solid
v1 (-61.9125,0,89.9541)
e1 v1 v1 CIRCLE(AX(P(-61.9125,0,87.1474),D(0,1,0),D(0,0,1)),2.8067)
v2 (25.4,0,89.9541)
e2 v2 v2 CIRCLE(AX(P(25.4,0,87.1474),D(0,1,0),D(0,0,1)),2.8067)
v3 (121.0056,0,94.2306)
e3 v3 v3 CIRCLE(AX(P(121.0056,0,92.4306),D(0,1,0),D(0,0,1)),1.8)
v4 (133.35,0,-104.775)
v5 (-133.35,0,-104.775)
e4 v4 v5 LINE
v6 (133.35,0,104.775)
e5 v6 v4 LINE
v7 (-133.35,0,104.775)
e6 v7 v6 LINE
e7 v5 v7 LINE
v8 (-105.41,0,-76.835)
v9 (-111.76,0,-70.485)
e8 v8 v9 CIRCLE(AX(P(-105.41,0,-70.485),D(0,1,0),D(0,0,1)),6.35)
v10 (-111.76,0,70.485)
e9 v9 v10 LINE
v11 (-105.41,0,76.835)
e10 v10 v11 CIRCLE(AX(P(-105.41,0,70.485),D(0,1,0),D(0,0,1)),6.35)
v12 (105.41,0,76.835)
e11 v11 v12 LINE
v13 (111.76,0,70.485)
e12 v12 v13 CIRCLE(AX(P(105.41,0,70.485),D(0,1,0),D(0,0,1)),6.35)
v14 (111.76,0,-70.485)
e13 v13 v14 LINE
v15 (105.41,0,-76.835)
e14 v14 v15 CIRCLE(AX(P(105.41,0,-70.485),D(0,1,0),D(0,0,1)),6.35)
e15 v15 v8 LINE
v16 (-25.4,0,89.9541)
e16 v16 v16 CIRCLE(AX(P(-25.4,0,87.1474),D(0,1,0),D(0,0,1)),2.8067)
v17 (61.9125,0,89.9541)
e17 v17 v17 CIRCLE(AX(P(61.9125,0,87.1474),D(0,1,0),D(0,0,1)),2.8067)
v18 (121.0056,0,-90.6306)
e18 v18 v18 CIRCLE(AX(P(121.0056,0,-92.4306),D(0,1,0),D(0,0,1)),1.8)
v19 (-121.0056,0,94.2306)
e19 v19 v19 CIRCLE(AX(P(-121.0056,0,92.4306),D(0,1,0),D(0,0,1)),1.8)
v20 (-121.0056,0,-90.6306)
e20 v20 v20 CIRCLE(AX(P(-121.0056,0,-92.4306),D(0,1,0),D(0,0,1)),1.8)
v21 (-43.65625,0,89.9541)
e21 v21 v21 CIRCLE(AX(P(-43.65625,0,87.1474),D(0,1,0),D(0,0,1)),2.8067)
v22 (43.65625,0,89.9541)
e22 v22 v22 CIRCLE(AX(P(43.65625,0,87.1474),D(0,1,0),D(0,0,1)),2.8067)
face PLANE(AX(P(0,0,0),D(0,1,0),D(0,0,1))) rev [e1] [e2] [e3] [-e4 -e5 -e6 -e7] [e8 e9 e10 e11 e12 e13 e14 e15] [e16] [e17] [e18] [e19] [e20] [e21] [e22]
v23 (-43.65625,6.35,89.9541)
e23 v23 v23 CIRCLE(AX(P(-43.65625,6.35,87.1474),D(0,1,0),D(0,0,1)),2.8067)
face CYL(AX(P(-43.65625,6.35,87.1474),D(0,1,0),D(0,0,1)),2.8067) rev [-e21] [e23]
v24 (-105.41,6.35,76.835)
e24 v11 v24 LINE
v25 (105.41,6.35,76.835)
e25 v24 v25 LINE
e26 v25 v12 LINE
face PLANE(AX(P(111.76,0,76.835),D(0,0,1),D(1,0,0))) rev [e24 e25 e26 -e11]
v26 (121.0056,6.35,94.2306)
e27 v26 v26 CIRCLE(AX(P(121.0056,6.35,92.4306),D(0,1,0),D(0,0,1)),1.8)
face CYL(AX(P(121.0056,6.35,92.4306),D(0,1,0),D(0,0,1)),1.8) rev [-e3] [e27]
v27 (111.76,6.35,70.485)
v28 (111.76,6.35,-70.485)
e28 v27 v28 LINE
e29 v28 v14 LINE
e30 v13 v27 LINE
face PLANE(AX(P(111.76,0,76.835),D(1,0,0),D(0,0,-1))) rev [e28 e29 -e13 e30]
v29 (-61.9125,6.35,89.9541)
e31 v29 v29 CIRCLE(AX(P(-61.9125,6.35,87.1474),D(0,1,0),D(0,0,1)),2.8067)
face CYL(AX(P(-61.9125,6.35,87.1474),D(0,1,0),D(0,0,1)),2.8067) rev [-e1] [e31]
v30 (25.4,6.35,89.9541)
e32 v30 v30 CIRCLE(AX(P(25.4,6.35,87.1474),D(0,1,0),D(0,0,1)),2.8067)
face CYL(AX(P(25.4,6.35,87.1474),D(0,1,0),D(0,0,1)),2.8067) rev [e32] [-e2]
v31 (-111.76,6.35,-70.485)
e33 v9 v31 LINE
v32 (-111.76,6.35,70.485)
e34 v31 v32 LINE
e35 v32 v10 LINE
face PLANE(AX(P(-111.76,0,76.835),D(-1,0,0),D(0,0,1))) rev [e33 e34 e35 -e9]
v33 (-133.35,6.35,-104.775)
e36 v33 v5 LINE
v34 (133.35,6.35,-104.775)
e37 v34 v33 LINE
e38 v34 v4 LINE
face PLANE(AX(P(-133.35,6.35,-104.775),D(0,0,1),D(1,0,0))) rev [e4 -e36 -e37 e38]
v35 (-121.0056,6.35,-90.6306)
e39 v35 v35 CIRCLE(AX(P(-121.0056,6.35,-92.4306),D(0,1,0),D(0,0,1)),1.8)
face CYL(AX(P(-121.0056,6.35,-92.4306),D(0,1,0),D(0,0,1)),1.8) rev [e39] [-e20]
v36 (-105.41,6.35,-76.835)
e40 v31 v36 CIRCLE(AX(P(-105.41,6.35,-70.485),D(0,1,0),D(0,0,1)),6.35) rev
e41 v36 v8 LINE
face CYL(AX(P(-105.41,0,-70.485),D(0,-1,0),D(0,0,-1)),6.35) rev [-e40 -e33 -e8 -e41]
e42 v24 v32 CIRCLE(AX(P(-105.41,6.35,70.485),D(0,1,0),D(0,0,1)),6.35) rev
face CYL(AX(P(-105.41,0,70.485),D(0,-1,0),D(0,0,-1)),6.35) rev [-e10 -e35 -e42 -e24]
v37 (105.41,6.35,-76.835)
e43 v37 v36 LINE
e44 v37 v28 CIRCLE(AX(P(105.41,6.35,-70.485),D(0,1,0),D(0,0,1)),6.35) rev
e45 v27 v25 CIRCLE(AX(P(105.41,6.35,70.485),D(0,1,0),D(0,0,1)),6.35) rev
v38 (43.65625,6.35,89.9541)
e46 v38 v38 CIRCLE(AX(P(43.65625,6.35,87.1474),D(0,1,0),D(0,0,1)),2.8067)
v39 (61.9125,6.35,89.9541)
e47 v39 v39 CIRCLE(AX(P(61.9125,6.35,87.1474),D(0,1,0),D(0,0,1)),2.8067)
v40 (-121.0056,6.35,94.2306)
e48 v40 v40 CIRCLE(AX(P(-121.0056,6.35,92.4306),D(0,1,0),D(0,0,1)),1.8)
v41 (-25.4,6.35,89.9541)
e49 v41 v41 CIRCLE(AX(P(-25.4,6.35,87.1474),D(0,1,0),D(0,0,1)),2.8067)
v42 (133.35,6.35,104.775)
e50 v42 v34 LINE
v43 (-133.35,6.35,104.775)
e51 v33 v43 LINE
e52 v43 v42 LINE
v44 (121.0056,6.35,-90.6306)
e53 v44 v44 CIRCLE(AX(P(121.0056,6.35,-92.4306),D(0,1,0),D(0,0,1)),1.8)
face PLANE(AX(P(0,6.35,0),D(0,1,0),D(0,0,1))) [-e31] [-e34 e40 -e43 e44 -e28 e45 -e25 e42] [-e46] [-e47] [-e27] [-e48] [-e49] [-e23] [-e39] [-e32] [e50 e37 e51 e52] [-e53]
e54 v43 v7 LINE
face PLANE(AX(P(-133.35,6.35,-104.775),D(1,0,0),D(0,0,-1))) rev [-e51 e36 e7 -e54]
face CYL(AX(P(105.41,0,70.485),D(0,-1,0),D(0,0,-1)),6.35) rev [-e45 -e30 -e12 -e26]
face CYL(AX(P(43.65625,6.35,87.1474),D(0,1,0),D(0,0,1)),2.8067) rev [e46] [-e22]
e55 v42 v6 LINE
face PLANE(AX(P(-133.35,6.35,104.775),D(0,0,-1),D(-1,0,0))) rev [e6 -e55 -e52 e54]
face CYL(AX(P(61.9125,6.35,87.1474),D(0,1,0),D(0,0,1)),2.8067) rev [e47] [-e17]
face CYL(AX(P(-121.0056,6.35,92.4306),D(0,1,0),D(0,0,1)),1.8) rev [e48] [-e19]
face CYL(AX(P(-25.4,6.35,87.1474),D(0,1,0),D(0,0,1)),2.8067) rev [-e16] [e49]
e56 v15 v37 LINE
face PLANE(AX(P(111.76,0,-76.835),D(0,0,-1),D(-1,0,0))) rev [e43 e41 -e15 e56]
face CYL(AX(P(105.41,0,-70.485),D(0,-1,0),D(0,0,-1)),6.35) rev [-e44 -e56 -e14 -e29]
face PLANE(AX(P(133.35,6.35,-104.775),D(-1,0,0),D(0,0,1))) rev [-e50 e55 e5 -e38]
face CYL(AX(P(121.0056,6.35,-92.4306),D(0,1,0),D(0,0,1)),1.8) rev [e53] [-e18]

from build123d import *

# Parameters (mm, degrees)
SKETCH1_W              = 266.7
SKETCH1_H              = 209.55
BOSS_EXTRUDE1_DEPTH    = 6.35
M3_CLEARANCE_HOLE1_D   = 3.6
SKETCH4_W              = 223.52
SKETCH4_H              = 153.67
CUT_EXTRUDE1_DEPTH     = 170.706645789
F_10_CLEARANCE_HOLE1_D = 5.6134
FILLET1_R              = 6.35


with BuildPart() as part:
    # Sketch1 → Boss-Extrude1 (new body)
    with BuildSketch(Plane(origin=(0, 0, 0), x_dir=(1, 0, 0), z_dir=(0, 1, 0))):
        Rectangle(SKETCH1_W, SKETCH1_H)
    extrude(amount=BOSS_EXTRUDE1_DEPTH)

    # M3 Clearance Hole1 (through all)
    with Locations(Plane(origin=(0, 6.35, 0), x_dir=(1, 0, 0), z_dir=(0, 1, 0))):
        with Locations((121.0056, -92.4306), (-121.0056, -92.4306), (-121.0056, 92.4306), (121.0056, 92.4306)):
            Hole(M3_CLEARANCE_HOLE1_D / 2)

    # Sketch4 → Cut-Extrude1 (cut, through all)
    with BuildSketch(Plane(origin=(0, 6.35, 0), x_dir=(1, 0, 0), z_dir=(0, 1, 0))):
        Rectangle(SKETCH4_W, SKETCH4_H)
    extrude(amount=-CUT_EXTRUDE1_DEPTH, mode=Mode.SUBTRACT)

    # #10 Clearance Hole1 (through all)
    with Locations(Plane(origin=(0, 6.35, 0), x_dir=(1, 0, 0), z_dir=(0, 1, 0))):
        with Locations((-61.9125, -87.1474), (-43.65625, -87.1474), (-25.4, -87.1474), (25.4, -87.1474), (43.65625, -87.1474), (61.9125, -87.1474)):
            Hole(F_10_CLEARANCE_HOLE1_D / 2)

    # Fillet1
    fillet1_edges = [part.edges().sort_by_distance(p)[0] for p in [
        (-111.76, 3.175, 76.835),
        (-111.76, 3.175, -76.835),
        (111.76, 3.175, -76.835),
        (111.76, 3.175, 76.835),
    ]]
    fillet(fillet1_edges, radius=FILLET1_R)


solid = part.part
